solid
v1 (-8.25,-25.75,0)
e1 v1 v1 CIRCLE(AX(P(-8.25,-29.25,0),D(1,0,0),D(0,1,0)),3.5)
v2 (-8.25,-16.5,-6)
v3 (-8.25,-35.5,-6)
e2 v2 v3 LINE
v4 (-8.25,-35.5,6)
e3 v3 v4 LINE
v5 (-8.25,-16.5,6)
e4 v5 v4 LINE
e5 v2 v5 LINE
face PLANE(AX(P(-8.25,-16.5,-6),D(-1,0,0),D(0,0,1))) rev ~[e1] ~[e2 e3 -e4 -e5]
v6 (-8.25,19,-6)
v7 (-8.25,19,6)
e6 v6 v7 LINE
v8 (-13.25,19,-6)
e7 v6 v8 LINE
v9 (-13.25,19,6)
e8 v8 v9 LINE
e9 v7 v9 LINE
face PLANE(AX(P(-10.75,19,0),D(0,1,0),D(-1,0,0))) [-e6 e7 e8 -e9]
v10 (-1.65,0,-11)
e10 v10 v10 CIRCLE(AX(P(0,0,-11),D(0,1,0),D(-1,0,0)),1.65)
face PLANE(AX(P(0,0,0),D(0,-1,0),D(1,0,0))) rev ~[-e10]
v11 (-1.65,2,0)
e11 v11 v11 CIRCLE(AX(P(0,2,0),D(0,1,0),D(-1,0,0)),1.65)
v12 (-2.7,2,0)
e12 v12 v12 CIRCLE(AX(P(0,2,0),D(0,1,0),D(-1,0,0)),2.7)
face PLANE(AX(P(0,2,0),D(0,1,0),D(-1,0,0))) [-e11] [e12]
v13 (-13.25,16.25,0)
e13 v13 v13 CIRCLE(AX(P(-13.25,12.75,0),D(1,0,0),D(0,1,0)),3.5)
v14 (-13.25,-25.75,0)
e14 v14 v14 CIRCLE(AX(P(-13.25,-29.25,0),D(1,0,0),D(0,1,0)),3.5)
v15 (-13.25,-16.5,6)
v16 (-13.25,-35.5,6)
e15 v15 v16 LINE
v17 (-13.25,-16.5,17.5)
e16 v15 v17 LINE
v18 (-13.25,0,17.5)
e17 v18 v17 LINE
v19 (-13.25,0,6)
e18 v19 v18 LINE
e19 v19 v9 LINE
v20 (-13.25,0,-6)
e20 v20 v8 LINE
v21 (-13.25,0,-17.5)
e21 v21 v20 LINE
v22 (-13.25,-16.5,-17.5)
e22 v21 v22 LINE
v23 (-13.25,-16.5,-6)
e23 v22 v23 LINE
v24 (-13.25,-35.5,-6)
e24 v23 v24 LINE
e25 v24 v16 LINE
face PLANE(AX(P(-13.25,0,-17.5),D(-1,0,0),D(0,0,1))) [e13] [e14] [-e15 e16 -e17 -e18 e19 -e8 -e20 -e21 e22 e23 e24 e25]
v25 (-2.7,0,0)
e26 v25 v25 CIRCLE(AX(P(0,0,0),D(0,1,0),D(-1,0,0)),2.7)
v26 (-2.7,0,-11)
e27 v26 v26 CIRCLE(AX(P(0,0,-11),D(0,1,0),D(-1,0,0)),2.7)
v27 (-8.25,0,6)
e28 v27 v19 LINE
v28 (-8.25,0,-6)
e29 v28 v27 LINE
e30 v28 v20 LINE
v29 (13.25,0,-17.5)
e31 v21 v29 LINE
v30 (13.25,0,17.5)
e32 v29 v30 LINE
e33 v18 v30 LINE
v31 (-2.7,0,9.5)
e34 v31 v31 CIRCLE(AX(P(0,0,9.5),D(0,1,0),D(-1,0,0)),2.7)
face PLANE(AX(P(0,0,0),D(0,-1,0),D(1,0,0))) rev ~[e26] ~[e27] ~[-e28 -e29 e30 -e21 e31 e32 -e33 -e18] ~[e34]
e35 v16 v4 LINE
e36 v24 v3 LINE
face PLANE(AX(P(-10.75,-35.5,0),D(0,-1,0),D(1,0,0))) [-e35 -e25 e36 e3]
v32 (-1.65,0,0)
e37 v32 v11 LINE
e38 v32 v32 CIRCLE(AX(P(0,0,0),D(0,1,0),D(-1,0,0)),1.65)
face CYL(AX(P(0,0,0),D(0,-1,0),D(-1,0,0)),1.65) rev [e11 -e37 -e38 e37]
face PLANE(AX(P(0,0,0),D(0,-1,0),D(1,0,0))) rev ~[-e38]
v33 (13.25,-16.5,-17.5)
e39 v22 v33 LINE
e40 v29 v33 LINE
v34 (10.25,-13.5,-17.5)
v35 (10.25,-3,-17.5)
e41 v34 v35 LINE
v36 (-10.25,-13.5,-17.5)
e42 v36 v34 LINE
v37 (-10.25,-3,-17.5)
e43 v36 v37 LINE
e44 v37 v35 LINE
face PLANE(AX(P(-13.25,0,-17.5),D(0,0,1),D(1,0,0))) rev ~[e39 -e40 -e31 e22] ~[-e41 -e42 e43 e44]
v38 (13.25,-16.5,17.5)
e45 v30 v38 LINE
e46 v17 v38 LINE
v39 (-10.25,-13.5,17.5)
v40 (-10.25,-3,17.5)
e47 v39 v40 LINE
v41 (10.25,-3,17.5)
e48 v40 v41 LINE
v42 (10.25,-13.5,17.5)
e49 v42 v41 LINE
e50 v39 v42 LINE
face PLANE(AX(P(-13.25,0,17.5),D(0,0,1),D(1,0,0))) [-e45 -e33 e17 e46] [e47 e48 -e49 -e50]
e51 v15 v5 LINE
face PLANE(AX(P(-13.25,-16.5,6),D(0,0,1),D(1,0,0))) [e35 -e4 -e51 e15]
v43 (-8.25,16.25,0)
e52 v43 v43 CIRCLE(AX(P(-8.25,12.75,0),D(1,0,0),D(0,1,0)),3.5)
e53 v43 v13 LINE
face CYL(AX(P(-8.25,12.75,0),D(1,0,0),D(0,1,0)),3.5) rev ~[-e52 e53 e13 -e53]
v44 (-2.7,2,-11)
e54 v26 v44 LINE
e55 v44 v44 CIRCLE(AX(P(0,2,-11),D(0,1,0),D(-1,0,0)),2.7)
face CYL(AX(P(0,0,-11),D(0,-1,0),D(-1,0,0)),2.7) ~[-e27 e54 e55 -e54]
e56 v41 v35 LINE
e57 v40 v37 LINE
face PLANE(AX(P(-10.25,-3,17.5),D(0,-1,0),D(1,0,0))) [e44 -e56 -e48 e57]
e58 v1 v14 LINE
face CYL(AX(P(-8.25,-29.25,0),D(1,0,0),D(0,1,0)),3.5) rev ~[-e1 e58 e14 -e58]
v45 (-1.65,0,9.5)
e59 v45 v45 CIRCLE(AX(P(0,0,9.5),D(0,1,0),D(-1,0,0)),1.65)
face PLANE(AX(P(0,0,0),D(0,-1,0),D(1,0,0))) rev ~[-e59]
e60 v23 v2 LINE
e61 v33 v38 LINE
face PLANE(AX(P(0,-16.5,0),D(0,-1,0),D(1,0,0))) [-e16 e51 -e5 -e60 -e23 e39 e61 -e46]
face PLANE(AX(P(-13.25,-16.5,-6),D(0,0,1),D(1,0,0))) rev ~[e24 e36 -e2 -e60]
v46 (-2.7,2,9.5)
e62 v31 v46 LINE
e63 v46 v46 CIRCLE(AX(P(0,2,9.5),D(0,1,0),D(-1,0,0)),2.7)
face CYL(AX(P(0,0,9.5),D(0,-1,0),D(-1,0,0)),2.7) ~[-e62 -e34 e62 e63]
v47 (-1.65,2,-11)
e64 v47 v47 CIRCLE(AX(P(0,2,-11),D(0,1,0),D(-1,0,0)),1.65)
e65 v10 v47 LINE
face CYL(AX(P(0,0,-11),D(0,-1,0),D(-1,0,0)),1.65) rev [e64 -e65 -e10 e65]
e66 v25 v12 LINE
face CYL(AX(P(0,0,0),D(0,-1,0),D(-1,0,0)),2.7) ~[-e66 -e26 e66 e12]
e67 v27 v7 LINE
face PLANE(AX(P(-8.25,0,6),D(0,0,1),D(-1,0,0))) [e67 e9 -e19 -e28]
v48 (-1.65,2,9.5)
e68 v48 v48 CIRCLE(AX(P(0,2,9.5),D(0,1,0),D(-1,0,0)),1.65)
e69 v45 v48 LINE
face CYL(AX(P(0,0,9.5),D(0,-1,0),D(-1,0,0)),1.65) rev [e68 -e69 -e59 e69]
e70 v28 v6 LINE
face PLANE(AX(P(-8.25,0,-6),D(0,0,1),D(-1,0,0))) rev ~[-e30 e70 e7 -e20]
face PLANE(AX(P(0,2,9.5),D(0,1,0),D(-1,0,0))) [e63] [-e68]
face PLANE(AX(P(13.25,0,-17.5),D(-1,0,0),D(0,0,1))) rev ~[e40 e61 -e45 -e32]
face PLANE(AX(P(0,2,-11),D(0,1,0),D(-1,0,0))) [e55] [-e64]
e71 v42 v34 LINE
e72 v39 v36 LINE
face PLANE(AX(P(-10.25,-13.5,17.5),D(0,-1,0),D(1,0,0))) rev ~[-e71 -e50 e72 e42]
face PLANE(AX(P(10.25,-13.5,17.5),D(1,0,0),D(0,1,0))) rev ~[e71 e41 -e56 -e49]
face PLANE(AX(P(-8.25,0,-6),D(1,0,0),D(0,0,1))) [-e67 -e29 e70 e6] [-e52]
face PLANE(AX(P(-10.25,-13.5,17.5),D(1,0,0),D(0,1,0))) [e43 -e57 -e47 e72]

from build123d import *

# Parameters (mm, degrees)
F0_W      = 26.5
F0_H      = 35
F1_DEPTH  = 16.5
F2_W      = 20.5
F2_H      = 10.5
F3_DEPTH  = 35
F4_R      = 2.7
F4_R_2    = 1.65
F5_DEPTH  = 2
F6_W      = 5
F6_H      = 12
F7_DEPTH  = 19
F8_W      = 5
F8_H      = 12
F9_DEPTH  = 19
F10_R     = 3.5
F11_DEPTH = 5
F12_R     = 3.5
F13_DEPTH = 5


with BuildPart() as f1:
    # F0 (on Front) → F1 (new body)
    with BuildSketch(Plane.XZ):
        Rectangle(F0_W, F0_H)
    extrude(amount=F1_DEPTH)

    # F2 (on face) → F3 (cut)
    with BuildSketch(Plane.XY.offset(17.5)):
        with Locations((0, -8.25)):
            Rectangle(F2_W, F2_H)
    extrude(amount=-F3_DEPTH, mode=Mode.SUBTRACT)

    # F4 (on face) → F5 (join)
    with BuildSketch(Plane(origin=(0, 0, 0), x_dir=(-1, 0, 0), z_dir=(0, 1, 0))):
        Circle(F4_R)
        Circle(F4_R_2, mode=Mode.SUBTRACT)
        with Locations((0, 9.5)):
            Circle(F4_R)
        with Locations((0, 9.5)):
            Circle(F4_R_2, mode=Mode.SUBTRACT)
        with Locations((0, -11)):
            Circle(F4_R)
        with Locations((0, -11)):
            Circle(F4_R_2, mode=Mode.SUBTRACT)
    extrude(amount=F5_DEPTH)

    # F6 (on face) → F7 (join)
    with BuildSketch(Plane.XZ.offset(16.5)):
        with Locations((-10.75, 0)):
            Rectangle(F6_W, F6_H)
    extrude(amount=F7_DEPTH)

    # F8 (on face) → F9 (join)
    with BuildSketch(Plane(origin=(0, 0, 0), x_dir=(-1, 0, 0), z_dir=(0, 1, 0))):
        with Locations((10.75, 0)):
            Rectangle(F8_W, F8_H)
    extrude(amount=F9_DEPTH)

    # F10 (on face) → F11 (cut)
    with BuildSketch(Plane.YZ.offset(-8.25)):
        with Locations((12.75, 0)):
            Circle(F10_R)
    extrude(amount=-F11_DEPTH, mode=Mode.SUBTRACT)

    # F12 (on face) → F13 (cut)
    with BuildSketch(Plane.YZ.offset(-8.25)):
        with Locations((-29.25, 0)):
            Circle(F12_R)
    extrude(amount=-F13_DEPTH, mode=Mode.SUBTRACT)


solid = f1.part
